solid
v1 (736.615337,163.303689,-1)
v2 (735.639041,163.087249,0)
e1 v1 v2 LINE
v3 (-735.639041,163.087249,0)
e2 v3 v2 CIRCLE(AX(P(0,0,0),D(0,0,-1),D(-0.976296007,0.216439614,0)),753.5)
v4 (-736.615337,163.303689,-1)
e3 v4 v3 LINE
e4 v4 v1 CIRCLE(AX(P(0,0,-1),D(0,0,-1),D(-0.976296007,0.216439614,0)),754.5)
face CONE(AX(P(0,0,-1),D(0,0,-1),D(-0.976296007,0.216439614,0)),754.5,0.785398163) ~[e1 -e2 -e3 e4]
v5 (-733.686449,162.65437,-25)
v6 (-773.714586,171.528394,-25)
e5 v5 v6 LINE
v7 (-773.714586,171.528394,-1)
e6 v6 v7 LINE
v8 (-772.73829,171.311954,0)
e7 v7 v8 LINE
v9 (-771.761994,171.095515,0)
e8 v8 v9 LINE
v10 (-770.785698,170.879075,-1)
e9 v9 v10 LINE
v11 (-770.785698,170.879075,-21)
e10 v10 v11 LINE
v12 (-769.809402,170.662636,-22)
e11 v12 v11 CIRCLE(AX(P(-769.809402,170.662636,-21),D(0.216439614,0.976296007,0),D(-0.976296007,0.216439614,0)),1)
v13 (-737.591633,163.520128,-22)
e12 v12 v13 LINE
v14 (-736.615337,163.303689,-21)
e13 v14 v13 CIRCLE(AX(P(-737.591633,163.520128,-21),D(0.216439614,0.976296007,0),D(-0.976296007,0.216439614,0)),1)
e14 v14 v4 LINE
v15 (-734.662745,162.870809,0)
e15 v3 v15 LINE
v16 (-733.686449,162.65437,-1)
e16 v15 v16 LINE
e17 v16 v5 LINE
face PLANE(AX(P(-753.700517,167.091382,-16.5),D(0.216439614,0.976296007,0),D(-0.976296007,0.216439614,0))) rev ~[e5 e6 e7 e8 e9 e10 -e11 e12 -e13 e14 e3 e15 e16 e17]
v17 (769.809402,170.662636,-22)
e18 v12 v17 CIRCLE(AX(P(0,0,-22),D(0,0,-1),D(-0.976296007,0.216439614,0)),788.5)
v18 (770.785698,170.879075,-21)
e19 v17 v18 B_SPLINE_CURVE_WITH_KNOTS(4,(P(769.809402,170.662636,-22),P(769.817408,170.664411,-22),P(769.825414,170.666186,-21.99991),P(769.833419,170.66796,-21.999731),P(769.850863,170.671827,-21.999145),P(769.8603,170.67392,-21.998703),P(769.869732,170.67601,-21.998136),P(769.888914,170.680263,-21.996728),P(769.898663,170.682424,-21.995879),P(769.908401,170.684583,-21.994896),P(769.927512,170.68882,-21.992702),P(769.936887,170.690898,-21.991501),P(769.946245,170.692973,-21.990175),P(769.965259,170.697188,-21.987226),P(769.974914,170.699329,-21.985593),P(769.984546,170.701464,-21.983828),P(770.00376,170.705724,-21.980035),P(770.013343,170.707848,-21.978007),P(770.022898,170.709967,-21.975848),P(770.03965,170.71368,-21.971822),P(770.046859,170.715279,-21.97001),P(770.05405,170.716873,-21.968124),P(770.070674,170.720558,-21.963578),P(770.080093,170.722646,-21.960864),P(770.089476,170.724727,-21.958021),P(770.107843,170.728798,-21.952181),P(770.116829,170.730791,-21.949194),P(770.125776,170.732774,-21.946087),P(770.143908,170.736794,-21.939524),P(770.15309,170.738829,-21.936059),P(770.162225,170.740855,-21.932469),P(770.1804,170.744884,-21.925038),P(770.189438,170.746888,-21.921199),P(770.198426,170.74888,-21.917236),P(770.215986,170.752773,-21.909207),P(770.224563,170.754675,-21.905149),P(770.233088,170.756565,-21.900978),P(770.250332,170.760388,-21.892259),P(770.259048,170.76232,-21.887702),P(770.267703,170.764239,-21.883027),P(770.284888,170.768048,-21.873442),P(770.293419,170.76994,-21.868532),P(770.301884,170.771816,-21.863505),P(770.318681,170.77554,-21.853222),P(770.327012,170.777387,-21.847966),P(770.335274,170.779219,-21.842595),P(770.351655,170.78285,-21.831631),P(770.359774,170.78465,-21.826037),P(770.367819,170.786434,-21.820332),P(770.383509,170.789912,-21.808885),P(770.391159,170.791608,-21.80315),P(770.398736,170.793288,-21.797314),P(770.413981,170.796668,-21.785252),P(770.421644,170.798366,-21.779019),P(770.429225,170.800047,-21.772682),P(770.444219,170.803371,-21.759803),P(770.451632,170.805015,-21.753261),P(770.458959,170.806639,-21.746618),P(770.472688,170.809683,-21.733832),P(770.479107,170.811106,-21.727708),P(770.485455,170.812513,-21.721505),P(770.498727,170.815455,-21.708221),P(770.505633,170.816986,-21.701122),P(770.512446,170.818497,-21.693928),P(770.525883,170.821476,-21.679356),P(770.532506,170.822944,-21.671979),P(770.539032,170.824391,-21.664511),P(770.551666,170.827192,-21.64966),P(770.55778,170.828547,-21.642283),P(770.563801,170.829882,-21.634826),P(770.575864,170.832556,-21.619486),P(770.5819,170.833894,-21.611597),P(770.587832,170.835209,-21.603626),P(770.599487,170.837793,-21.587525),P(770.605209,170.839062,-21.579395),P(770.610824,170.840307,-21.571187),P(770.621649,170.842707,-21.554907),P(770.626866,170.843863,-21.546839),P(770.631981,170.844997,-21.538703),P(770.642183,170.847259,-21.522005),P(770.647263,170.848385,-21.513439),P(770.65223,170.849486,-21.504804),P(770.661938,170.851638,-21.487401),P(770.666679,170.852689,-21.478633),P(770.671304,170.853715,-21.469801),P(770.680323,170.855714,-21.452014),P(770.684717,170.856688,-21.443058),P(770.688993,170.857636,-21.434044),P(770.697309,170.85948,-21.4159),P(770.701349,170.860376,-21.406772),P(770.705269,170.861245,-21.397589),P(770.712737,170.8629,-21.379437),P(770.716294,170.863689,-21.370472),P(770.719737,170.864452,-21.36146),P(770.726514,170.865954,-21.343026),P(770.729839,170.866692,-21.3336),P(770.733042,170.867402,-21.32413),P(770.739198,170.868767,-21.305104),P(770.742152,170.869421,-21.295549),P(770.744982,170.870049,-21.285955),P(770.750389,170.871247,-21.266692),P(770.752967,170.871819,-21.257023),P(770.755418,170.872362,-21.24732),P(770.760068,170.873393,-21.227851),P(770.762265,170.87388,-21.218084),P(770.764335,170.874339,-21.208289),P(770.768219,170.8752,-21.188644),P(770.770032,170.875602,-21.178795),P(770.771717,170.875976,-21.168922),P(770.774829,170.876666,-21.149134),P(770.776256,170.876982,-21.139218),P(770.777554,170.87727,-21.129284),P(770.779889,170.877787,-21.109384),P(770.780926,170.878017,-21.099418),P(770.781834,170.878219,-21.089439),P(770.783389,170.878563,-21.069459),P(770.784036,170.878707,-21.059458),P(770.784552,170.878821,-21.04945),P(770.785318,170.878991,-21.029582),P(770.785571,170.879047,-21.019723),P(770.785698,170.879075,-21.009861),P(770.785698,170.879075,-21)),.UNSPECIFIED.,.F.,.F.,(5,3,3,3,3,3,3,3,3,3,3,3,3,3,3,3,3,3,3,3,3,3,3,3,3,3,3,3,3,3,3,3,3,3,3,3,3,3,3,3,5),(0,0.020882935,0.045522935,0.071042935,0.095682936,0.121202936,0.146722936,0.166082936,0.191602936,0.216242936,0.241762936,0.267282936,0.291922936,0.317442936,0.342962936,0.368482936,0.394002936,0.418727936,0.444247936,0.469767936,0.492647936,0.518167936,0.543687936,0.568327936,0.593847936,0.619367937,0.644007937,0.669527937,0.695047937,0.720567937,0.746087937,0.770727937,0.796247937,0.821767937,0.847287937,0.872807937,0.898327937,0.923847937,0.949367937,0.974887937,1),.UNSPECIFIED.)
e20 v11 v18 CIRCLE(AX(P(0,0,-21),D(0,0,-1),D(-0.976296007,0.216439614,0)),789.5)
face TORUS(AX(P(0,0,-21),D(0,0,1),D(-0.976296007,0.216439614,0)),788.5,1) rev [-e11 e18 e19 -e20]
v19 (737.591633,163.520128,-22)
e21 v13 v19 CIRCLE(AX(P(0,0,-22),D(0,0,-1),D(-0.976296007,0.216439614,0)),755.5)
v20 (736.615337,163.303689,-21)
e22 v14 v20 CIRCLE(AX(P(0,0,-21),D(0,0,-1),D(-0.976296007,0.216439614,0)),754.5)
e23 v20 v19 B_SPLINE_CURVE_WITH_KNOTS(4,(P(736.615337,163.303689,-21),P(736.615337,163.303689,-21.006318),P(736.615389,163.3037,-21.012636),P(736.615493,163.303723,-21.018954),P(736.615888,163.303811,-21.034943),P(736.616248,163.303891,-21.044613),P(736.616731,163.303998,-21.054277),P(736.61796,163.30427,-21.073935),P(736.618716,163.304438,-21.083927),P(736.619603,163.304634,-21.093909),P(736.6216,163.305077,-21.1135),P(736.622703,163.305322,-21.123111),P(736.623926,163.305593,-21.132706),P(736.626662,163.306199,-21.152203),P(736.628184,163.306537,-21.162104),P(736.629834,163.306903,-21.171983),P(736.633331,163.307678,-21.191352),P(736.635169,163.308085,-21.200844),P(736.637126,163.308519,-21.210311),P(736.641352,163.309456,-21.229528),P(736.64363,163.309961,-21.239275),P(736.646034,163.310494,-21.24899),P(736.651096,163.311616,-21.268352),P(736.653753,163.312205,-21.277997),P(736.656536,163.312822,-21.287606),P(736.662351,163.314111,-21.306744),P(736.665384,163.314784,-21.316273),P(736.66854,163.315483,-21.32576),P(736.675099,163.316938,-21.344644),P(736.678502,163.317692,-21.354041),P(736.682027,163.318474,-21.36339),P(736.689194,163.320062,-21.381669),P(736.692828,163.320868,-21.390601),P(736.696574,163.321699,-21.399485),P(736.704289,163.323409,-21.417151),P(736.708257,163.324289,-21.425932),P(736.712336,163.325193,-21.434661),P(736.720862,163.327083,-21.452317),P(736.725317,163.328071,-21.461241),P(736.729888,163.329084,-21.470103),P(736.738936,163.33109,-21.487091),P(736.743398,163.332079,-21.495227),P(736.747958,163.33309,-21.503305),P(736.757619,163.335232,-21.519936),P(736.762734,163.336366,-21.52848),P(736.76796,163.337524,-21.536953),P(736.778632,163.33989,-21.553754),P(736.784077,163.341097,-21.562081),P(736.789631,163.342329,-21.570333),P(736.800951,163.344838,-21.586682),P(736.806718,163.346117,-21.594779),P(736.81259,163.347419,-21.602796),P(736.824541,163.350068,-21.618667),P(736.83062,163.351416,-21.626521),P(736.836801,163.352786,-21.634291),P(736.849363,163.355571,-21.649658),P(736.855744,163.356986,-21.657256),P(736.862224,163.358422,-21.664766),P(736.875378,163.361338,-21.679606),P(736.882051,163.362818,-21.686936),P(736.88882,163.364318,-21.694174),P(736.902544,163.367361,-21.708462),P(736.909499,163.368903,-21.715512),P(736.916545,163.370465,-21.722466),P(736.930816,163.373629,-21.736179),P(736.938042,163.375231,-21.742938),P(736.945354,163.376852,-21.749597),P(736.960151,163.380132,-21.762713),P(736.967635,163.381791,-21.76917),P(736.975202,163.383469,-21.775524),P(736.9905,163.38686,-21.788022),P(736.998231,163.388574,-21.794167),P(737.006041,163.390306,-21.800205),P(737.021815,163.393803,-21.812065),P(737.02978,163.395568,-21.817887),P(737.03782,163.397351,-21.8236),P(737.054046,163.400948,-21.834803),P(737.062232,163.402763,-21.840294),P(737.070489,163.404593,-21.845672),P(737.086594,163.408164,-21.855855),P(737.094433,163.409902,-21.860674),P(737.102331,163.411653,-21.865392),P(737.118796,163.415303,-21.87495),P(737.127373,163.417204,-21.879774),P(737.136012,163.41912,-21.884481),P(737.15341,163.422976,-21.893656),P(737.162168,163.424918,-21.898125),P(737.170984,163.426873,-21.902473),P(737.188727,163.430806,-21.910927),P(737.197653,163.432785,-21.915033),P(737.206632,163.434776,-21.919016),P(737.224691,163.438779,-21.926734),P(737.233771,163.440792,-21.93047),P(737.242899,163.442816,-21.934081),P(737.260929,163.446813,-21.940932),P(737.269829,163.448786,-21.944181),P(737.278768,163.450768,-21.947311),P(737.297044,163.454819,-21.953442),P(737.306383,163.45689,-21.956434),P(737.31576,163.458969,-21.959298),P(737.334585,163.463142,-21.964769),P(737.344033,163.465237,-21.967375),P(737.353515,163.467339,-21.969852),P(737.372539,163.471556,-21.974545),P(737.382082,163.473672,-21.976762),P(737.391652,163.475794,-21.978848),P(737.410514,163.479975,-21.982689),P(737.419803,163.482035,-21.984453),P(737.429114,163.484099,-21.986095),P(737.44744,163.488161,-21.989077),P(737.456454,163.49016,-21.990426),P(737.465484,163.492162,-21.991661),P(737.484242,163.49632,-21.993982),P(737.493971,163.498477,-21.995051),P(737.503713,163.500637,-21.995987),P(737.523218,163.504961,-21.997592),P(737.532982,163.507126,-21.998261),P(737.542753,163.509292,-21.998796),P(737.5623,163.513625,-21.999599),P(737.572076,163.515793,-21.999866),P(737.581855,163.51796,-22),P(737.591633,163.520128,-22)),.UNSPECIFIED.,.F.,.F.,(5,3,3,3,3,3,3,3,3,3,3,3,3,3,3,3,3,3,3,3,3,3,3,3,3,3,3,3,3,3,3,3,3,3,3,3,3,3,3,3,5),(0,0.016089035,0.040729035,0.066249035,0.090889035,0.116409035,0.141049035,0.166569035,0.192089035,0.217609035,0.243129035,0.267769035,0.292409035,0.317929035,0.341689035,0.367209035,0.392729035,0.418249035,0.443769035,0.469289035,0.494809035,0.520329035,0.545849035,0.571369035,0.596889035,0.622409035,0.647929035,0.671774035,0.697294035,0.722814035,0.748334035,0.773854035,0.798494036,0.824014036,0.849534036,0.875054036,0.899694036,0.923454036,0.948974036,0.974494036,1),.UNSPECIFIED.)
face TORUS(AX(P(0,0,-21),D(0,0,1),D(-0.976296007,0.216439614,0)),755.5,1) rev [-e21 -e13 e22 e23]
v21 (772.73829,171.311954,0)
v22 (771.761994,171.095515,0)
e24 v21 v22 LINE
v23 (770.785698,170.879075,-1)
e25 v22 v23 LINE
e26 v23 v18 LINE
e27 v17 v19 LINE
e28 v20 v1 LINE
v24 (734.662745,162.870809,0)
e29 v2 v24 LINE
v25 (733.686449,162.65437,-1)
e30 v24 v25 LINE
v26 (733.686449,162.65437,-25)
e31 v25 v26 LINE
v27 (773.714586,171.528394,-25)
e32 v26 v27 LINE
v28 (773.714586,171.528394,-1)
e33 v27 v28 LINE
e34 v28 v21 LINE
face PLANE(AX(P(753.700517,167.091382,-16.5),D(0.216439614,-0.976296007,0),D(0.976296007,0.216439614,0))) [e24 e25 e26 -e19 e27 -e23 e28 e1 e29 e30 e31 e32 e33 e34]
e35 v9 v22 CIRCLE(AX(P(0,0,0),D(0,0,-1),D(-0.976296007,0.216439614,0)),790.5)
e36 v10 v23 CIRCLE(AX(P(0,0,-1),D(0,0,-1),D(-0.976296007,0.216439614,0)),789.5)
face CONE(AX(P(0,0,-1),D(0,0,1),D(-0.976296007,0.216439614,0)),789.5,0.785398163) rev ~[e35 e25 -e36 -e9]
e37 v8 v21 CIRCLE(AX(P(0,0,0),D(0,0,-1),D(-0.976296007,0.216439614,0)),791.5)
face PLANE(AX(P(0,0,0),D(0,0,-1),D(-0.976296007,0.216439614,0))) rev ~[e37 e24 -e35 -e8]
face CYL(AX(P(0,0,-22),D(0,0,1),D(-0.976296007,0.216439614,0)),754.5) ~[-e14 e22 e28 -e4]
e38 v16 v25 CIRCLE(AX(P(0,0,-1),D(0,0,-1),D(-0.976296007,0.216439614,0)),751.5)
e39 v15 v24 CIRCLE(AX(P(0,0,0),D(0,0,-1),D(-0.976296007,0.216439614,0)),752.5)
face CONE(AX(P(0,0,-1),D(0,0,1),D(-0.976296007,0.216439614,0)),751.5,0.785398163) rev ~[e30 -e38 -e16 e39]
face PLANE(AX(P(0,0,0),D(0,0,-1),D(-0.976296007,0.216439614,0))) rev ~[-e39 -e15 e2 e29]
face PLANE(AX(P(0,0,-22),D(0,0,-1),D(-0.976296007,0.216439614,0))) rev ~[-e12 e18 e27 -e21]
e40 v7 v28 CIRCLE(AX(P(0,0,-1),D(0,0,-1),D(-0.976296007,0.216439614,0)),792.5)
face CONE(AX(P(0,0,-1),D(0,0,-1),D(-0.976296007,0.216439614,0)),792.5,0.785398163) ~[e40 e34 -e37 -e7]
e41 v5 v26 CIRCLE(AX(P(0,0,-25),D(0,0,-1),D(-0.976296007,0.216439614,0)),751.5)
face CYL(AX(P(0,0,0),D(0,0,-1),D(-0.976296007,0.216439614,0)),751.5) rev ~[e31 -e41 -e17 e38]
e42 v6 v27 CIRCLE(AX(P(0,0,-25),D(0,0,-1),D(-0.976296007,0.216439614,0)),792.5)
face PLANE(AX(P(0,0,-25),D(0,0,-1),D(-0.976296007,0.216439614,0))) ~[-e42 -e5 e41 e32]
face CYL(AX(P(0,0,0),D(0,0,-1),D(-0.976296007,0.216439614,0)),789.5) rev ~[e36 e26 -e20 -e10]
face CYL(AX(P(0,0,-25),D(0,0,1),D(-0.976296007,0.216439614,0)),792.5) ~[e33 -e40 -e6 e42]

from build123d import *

# Parameters (mm, degrees)
F2_ANGLE_BACK = 77.5
F2_ANGLE      = 155
F3_SIZE       = 1
F4_R          = 1


with BuildPart() as f2:
    # F1 (on Right) → F2 (revolve)
    with BuildSketch(Plane.YZ, mode=Mode.PRIVATE) as f2_sk:
        Polygon((754.5, -22), (754.5, 0), (751.5, 0), (751.5, -25), (792.5, -25), (792.5, 0), (789.5, 0), (789.5, -22), align=None)
    revolve(f2_sk.sketch.rotate(Axis((0, 0, -26.4390427619), (0, 0, -1)), -F2_ANGLE_BACK), axis=Axis((0, 0, -26.4390427619), (0, 0, -1)), revolution_arc=F2_ANGLE)

    # F3
    f3_edges = [f2.edges().sort_by_distance(p)[0] for p in [
        (0, 789.5, 0),
        (0, 792.5, 0),
        (0, 751.5, 0),
        (0, 754.5, 0),
    ]]
    chamfer(f3_edges, length=F3_SIZE)

    # F4
    f4_edges = [f2.edges().sort_by_distance(p)[0] for p in [
        (0, 789.5, -22),
        (0, 754.5, -22),
    ]]
    fillet(f4_edges, radius=F4_R)


solid = f2.part
